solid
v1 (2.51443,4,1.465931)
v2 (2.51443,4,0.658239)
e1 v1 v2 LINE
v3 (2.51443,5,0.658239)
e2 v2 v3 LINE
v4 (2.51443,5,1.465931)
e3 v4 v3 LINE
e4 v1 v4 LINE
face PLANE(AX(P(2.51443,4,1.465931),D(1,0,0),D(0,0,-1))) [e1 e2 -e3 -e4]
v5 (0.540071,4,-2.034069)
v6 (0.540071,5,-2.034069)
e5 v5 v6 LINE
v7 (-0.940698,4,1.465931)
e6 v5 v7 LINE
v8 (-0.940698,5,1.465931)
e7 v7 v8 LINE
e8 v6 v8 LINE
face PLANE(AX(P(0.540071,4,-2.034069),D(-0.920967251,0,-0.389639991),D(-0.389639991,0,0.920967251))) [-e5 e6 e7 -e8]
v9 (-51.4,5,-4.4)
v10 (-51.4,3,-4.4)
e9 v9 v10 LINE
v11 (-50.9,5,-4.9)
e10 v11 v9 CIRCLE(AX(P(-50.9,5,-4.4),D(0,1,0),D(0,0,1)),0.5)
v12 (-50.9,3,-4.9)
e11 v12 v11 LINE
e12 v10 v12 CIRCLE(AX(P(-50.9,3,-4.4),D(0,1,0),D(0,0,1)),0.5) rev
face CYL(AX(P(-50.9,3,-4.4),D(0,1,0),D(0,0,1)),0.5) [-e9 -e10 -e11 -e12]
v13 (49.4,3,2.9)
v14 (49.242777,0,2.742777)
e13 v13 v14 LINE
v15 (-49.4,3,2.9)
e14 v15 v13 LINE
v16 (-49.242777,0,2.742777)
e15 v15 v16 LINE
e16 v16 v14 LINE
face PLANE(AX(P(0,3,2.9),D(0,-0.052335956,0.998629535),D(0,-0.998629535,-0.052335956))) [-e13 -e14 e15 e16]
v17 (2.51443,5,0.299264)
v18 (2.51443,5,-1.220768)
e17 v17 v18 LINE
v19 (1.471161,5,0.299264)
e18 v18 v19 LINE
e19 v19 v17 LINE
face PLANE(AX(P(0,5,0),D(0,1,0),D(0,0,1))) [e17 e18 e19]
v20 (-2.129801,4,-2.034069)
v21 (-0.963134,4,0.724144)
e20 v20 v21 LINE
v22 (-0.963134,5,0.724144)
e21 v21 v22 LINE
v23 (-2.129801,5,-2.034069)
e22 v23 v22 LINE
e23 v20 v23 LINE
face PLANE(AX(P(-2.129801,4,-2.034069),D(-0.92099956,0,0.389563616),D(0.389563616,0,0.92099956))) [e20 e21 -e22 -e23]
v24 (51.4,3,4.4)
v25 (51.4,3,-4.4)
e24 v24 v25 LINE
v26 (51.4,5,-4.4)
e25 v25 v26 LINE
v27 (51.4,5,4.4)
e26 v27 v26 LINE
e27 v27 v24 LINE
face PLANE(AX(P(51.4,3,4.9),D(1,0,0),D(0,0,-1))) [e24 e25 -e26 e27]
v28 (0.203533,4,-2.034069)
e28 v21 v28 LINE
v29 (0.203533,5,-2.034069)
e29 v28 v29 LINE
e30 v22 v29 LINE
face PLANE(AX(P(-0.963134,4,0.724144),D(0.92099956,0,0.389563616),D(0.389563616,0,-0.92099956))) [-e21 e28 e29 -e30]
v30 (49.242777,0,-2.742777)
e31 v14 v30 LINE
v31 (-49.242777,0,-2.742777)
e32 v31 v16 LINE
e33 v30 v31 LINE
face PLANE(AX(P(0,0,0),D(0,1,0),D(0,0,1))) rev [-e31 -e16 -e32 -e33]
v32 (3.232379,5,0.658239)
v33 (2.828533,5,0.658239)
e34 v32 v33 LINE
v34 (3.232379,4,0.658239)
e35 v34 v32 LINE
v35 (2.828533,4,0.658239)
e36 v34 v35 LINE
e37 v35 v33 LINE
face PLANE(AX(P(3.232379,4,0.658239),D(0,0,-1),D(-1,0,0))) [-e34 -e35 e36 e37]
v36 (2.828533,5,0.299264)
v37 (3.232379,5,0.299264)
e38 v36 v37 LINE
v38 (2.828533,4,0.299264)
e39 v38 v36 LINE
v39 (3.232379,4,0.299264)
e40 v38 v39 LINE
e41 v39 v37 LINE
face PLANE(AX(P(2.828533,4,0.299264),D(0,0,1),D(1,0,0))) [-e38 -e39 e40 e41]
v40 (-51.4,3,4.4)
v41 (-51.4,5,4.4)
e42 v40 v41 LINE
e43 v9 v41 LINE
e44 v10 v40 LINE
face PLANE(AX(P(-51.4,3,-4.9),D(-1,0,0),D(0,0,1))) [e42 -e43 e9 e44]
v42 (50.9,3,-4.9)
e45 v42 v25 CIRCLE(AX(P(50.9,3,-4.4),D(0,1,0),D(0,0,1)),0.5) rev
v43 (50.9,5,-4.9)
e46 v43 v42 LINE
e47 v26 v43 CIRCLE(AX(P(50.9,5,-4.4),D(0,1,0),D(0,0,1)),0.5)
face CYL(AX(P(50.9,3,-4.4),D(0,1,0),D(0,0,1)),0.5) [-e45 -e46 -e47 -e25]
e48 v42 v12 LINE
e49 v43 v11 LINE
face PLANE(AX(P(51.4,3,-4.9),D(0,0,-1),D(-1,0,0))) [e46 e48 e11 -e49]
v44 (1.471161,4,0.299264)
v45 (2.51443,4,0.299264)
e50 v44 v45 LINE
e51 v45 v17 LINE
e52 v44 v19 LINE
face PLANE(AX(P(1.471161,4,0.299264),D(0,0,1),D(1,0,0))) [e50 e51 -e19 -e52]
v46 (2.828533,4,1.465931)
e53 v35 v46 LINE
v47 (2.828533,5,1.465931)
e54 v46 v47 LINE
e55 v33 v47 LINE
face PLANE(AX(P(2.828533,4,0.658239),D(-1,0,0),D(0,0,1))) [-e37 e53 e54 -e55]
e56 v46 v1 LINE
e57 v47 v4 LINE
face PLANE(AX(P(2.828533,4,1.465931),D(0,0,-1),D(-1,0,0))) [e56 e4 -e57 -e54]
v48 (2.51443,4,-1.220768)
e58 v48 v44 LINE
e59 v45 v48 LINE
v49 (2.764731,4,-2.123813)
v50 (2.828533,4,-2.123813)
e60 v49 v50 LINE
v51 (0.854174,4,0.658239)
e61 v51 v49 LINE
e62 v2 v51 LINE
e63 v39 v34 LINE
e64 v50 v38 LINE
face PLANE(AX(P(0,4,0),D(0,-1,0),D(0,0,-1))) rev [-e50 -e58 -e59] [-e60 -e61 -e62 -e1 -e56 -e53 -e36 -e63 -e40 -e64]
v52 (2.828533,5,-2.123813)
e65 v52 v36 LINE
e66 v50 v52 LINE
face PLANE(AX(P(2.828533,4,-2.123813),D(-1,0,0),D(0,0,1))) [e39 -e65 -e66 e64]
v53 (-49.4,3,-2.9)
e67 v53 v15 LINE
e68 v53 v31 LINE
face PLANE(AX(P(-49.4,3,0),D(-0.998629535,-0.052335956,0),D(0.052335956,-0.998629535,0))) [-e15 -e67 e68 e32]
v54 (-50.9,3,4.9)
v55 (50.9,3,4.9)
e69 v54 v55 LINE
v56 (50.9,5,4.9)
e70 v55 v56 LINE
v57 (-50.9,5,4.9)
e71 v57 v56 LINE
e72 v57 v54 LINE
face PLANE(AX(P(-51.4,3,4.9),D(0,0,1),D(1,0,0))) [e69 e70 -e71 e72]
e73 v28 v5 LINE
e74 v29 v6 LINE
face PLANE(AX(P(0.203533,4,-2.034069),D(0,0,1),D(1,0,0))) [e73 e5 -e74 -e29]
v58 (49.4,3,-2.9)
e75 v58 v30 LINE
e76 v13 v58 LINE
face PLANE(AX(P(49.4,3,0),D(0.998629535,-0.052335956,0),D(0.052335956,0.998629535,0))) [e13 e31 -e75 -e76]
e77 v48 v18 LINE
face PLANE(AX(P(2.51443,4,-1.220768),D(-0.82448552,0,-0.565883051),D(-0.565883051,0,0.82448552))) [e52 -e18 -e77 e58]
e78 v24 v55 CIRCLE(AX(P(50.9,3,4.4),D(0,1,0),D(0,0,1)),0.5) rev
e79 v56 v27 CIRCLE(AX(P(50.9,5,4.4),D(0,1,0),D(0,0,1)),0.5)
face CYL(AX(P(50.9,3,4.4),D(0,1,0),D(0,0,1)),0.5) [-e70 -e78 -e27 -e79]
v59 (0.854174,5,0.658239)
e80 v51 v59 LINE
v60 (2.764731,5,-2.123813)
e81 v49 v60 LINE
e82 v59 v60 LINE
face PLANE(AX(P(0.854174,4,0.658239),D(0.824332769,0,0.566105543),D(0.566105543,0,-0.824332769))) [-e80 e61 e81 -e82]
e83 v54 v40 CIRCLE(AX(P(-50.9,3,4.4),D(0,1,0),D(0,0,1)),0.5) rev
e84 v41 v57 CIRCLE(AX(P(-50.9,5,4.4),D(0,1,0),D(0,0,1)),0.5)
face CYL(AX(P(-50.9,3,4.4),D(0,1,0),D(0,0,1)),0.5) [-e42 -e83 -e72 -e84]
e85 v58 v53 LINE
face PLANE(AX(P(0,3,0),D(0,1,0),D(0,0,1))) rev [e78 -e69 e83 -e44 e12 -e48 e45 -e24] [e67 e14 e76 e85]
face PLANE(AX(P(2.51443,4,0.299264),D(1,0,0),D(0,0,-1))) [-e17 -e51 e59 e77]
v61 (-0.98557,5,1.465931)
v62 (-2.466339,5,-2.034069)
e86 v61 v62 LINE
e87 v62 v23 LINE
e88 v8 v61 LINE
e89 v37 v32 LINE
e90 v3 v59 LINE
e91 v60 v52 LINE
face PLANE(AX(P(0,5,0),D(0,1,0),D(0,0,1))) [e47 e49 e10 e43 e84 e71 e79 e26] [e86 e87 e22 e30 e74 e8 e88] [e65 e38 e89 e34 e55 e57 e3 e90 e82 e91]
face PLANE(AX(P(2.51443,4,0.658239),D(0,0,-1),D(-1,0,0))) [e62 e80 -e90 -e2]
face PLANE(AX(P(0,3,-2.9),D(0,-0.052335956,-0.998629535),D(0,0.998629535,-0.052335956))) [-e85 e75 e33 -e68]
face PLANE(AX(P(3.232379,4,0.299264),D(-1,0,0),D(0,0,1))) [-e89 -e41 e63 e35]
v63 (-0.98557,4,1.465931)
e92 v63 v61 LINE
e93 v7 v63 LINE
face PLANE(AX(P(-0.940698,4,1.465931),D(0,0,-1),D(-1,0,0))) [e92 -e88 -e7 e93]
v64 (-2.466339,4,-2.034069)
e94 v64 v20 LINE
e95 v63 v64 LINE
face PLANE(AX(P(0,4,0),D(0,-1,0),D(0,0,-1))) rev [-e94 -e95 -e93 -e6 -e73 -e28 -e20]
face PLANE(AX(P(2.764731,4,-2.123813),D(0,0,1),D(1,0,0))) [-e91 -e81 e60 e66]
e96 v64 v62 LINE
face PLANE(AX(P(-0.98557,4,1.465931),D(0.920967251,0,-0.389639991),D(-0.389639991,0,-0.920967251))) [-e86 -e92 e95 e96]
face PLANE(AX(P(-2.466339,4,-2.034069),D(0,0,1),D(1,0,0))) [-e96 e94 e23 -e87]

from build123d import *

# Parameters (mm, degrees)
SKETCH1_W           = 98.8
SKETCH1_H           = 5.8
BOSS_EXTRUDE1_DEPTH = 3
SKETCH2_W           = 100.8
SKETCH2_H           = 7.8
BOSS_EXTRUDE3_DEPTH = 2
DRAFT1_ANGLE        = 3
SKETCH3_W           = 102.8
SKETCH3_H           = 9.8
BOSS_EXTRUDE4_DEPTH = 2
FILLET1_R           = 0.5
CUT_EXTRUDE1_DEPTH  = 1


with BuildPart() as part:
    # Sketch1 → Boss-Extrude1 (new body)
    with BuildSketch(Plane(origin=(0, 0, 0), x_dir=(1, 0, 0), z_dir=(0, 1, 0))):
        Rectangle(SKETCH1_W, SKETCH1_H)
    extrude(amount=BOSS_EXTRUDE1_DEPTH)

    # Draft1
    draft1_faces = [part.faces().sort_by_distance(p)[0] for p in [
        (49.4, 1.5, 0),
        (0, 1.5, 2.9),
        (-49.4, 1.5, 0),
        (0, 1.5, -2.9),
    ]]
    draft(draft1_faces, Plane(origin=(0, 3, 0), x_dir=(0, 0, -1), z_dir=(0, -1, 0)), DRAFT1_ANGLE)



with BuildPart() as body_2:
    # Sketch2 → Boss-Extrude3 (new body)
    with BuildSketch(Plane(origin=(0, 3, 0), x_dir=(1, 0, 0), z_dir=(0, 1, 0))):
        Rectangle(SKETCH2_W, SKETCH2_H)
    extrude(amount=BOSS_EXTRUDE3_DEPTH)


with BuildPart() as part_1:
    add(part.part)

    add(body_2.part)  # Boss-Extrude4 merges body 2
    # Sketch3 → Boss-Extrude4 (add)
    with BuildSketch(Plane(origin=(0, 5, 0), x_dir=(1, 0, 0), z_dir=(0, 1, 0))):
        Rectangle(SKETCH3_W, SKETCH3_H)
    extrude(amount=-BOSS_EXTRUDE4_DEPTH)

    # Fillet1
    fillet1_edges = [part_1.edges().sort_by_distance(p)[0] for p in [
        (-51.4, 4, 4.9),
        (-51.4, 4, -4.9),
        (51.4, 4, -4.9),
        (51.4, 4, 4.9),
    ]]
    fillet(fillet1_edges, radius=FILLET1_R)

    # Sketch4 → Cut-Extrude1 (cut)
    # profile 1 of 2: a face of its own
    with BuildSketch(Plane(origin=(0, 5, 0), x_dir=(1, 0, 0), z_dir=(0, 1, 0))):
        Polygon((-2.466339169, 2.034069186), (-2.129800707, 2.034069186), (-0.96313404, -0.724143955), (0.203532626, 2.034069186), (0.540071088, 2.034069186), (-0.940698143, -1.465930814), (-0.985569938, -1.465930814), align=None)
    # profile 2 of 2: a face of its own
    with BuildSketch(Plane(origin=(0, 5, 0), x_dir=(1, 0, 0), z_dir=(0, 1, 0))):
        Polygon((2.764730543, 2.123812775), (2.828532626, 2.123812775), (2.828532626, -0.299264148), (3.23237878, -0.299264148), (3.23237878, -0.658238507), (2.828532626, -0.658238507), (2.828532626, -1.465930814), (2.514430062, -1.465930814), (2.514430062, -0.658238507), (0.854173652, -0.658238507), align=None)
        Polygon((2.514430062, -0.299264148), (2.514430062, 1.220767903), (1.471160831, -0.299264148), align=None, mode=Mode.SUBTRACT)
    extrude(amount=-CUT_EXTRUDE1_DEPTH, mode=Mode.SUBTRACT)


solid = part_1.part
